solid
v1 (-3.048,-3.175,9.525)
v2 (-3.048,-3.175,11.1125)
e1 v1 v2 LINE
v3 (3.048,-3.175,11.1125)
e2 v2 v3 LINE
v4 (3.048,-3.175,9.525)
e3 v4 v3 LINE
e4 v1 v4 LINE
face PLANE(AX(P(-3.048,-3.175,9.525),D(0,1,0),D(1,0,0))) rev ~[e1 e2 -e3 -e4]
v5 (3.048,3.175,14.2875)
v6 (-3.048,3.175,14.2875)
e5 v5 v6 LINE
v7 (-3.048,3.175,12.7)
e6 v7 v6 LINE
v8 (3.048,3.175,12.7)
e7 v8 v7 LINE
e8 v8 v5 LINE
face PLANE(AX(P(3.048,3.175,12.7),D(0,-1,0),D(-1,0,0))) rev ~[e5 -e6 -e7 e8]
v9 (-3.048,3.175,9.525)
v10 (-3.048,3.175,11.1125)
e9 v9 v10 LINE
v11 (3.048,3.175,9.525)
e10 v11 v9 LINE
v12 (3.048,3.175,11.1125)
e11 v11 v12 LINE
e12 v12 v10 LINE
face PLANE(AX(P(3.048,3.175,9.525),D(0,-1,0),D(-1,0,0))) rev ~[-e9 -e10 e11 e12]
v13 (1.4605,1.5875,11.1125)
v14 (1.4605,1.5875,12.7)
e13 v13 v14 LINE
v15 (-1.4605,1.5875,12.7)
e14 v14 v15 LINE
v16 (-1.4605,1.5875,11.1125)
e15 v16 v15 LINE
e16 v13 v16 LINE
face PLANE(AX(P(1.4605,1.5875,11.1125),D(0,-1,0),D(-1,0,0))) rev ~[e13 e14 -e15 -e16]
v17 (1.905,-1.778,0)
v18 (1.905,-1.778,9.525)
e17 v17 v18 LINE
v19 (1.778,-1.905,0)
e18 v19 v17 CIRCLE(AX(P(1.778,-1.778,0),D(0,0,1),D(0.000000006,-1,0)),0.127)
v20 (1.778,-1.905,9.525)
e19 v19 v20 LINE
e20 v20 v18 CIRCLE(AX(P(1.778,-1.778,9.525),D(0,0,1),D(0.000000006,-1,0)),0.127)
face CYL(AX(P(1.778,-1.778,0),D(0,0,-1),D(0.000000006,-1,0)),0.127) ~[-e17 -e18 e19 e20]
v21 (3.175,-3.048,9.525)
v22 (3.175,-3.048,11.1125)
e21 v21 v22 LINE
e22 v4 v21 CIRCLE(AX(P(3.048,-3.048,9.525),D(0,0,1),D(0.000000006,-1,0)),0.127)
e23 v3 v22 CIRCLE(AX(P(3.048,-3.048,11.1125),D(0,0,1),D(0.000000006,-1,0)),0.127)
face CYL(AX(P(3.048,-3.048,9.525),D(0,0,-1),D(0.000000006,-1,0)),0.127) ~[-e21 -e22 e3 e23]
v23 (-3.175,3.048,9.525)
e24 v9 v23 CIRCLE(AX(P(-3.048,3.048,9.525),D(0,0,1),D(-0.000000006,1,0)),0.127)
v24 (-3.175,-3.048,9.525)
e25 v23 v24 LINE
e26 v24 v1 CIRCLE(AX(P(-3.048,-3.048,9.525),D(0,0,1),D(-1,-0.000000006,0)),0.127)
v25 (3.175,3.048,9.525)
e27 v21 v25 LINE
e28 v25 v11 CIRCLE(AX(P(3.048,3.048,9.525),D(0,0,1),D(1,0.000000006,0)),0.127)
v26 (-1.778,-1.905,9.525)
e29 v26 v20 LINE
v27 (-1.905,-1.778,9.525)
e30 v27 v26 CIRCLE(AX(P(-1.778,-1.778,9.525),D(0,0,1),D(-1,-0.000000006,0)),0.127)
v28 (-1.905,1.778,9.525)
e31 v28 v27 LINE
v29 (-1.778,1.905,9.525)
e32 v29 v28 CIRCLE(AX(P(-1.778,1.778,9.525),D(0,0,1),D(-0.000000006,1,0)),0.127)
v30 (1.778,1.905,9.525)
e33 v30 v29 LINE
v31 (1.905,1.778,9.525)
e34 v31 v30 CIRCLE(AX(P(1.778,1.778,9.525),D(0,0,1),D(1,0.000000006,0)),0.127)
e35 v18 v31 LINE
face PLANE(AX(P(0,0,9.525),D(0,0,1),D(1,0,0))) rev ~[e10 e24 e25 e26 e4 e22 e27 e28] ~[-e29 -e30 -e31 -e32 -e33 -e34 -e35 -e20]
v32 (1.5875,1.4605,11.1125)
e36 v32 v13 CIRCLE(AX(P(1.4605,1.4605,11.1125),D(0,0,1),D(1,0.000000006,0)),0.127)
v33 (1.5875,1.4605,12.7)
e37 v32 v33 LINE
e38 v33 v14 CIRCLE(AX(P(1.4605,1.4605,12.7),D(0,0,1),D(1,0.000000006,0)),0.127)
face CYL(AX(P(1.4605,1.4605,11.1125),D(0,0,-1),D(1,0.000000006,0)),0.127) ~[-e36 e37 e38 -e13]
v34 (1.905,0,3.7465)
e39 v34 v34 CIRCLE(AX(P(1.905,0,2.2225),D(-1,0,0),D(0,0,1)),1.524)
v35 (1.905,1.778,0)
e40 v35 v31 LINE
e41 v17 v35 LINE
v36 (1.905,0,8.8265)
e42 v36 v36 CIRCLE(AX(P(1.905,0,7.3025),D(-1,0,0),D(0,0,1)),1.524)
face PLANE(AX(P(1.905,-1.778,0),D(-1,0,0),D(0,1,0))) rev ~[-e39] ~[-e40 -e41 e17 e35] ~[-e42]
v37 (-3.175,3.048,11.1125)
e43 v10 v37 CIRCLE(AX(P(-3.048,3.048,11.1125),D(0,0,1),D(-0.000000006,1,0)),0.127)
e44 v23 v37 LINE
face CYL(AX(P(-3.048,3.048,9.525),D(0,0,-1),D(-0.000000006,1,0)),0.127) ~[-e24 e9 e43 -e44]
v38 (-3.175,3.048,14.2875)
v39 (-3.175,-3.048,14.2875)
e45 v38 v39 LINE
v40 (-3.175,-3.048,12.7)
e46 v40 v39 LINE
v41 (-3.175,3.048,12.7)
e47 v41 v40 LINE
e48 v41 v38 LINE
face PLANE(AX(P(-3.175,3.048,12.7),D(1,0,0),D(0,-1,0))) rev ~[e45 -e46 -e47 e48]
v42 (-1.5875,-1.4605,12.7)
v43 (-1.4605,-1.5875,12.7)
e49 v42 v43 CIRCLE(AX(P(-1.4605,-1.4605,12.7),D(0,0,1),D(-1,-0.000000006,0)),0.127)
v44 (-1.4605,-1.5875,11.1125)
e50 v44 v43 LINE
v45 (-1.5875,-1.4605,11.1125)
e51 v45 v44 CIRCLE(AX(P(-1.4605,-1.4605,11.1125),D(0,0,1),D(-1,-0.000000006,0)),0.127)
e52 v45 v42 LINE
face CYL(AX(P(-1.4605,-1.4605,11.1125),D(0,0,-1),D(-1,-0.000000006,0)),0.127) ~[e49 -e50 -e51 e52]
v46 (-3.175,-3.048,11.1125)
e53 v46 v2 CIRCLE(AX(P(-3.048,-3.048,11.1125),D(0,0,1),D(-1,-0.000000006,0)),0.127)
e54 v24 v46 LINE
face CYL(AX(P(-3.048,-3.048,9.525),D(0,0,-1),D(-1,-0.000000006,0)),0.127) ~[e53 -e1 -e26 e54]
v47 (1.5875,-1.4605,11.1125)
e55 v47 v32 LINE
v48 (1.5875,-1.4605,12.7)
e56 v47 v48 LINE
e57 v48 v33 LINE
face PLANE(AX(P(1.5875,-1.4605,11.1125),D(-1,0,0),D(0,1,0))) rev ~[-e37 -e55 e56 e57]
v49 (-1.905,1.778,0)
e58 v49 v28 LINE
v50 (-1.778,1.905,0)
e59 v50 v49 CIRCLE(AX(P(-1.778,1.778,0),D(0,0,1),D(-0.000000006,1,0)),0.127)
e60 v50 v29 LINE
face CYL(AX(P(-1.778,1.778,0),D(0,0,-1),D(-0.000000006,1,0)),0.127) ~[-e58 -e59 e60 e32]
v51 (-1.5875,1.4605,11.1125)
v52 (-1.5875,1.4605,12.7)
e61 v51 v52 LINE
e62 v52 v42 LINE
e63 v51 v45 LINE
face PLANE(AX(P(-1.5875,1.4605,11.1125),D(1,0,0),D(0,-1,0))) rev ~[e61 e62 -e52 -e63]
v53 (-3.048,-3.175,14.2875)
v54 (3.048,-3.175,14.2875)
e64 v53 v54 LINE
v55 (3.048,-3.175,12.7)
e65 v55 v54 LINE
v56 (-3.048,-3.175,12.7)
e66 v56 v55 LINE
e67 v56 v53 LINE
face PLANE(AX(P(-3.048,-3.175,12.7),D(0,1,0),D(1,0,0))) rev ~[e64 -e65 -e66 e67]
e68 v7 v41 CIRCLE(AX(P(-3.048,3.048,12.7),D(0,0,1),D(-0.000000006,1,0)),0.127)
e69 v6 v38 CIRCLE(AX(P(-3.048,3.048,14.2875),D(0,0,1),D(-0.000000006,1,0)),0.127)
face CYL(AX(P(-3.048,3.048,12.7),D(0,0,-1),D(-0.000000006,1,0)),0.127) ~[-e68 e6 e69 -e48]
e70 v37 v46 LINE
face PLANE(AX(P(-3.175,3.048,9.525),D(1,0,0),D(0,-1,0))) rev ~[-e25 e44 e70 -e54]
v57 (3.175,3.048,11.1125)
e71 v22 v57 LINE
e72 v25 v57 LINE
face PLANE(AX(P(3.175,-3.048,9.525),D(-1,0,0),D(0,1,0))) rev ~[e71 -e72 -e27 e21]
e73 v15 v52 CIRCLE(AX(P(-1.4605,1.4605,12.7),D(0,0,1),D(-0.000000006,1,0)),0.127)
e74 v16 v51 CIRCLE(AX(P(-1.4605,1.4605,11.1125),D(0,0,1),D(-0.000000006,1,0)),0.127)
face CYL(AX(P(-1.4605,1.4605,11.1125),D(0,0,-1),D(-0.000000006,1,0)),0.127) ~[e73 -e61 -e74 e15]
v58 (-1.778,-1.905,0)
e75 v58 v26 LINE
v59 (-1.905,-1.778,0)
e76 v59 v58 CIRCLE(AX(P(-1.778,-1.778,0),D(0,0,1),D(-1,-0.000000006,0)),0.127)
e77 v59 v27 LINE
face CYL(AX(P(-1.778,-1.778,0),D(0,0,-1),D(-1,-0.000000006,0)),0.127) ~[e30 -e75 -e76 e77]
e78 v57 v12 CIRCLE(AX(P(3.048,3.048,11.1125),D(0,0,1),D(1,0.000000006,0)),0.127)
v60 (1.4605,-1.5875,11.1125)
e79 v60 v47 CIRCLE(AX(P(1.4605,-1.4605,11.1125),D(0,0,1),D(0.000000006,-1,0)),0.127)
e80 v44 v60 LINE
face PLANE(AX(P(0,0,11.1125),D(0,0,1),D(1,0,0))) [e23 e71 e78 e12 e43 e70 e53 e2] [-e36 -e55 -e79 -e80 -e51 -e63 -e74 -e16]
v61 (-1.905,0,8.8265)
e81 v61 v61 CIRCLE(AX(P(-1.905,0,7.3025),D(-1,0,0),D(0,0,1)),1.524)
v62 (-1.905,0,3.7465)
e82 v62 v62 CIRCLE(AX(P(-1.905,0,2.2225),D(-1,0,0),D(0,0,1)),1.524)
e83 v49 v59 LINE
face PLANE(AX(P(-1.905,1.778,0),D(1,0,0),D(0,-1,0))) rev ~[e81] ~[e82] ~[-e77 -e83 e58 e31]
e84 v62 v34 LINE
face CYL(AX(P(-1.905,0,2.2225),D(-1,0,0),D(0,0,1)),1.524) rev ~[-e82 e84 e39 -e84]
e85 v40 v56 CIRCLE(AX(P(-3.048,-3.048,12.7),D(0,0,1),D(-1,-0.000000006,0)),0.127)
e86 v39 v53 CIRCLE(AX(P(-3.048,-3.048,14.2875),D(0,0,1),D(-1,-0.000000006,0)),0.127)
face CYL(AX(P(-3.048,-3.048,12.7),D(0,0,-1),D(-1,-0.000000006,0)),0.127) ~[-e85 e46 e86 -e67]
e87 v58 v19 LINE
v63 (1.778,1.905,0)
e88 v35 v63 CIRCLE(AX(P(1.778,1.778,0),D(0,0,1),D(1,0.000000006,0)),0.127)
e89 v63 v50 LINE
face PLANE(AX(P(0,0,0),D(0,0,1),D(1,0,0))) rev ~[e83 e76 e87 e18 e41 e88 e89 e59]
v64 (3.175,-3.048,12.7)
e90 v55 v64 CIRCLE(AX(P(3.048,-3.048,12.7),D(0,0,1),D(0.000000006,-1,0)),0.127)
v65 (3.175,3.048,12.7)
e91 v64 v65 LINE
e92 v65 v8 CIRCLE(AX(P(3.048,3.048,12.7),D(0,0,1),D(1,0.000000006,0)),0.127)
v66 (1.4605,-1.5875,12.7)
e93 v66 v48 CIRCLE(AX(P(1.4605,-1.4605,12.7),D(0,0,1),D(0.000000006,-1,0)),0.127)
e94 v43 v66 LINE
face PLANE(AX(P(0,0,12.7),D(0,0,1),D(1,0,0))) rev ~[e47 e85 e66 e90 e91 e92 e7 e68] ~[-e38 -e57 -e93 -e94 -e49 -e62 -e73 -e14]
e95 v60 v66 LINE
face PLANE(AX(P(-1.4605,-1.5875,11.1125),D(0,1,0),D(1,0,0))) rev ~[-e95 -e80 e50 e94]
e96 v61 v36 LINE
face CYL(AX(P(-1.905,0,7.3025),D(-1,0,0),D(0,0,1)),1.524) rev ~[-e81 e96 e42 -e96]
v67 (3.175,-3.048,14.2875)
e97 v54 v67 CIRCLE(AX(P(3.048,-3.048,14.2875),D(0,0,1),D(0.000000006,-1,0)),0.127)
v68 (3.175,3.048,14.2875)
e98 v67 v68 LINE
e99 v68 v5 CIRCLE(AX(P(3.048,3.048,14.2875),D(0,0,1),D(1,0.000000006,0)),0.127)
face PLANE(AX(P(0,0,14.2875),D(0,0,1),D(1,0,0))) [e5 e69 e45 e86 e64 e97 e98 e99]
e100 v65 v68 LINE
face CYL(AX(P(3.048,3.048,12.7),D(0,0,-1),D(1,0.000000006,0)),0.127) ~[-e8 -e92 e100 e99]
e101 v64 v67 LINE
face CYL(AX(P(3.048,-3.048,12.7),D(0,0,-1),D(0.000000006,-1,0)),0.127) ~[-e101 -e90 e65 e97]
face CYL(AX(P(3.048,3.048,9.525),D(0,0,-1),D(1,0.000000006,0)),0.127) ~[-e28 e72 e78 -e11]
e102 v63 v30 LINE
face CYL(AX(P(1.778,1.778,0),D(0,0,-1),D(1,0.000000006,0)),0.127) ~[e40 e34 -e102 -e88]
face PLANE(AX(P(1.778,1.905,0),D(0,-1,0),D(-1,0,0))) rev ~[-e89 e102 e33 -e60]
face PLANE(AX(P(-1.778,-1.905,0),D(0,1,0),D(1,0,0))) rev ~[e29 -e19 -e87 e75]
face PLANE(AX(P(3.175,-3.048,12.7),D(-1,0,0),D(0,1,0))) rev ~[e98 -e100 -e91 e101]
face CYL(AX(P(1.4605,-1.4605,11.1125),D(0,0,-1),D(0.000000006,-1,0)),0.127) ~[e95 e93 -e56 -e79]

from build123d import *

# Parameters (mm, degrees)
BOSS_EXTRUDE1_DEPTH = 9.525
BOSS_EXTRUDE2_DEPTH = 1.5875
BOSS_EXTRUDE3_DEPTH = 1.5875
BOSS_EXTRUDE4_DEPTH = 1.5875
SKETCH5_R           = 1.524
CUT_EXTRUDE1_DEPTH  = 6.08


with BuildPart() as part:
    # Sketch1 → Boss-Extrude1 (new body)
    with BuildSketch(Plane.XY):
        with BuildLine():
            Line((-1.778, -1.905), (1.778, -1.905))
            ThreePointArc((1.778, -1.905), (1.867802561, -1.867802561), (1.905, -1.778))
            Line((1.905, -1.778), (1.905, 1.778))
            ThreePointArc((1.905, 1.778), (1.867802561, 1.867802561), (1.778, 1.905))
            Line((1.778, 1.905), (-1.778, 1.905))
            ThreePointArc((-1.778, 1.905), (-1.867802561, 1.867802561), (-1.905, 1.778))
            Line((-1.905, 1.778), (-1.905, -1.778))
            ThreePointArc((-1.905, -1.778), (-1.867802561, -1.867802561), (-1.778, -1.905))
        make_face()
    extrude(amount=BOSS_EXTRUDE1_DEPTH)

    # Sketch2 → Boss-Extrude2 (add)
    with BuildSketch(Plane.XY.offset(9.525)):
        with BuildLine():
            Line((-3.048, -3.175), (3.048, -3.175))
            ThreePointArc((3.048, -3.175), (3.137802561, -3.137802561), (3.175, -3.048))
            Line((3.175, -3.048), (3.175, 3.048))
            ThreePointArc((3.175, 3.048), (3.137802561, 3.137802561), (3.048, 3.175))
            Line((3.048, 3.175), (-3.048, 3.175))
            ThreePointArc((-3.048, 3.175), (-3.137802561, 3.137802561), (-3.175, 3.048))
            Line((-3.175, 3.048), (-3.175, -3.048))
            ThreePointArc((-3.175, -3.048), (-3.137802561, -3.137802561), (-3.048, -3.175))
        make_face()
    extrude(amount=BOSS_EXTRUDE2_DEPTH)

    # Sketch3 → Boss-Extrude3 (add)
    with BuildSketch(Plane.XY.offset(11.1125)):
        with BuildLine():
            Line((-1.4605, -1.5875), (1.4605, -1.5875))
            ThreePointArc((1.4605, -1.5875), (1.550302561, -1.550302561), (1.5875, -1.4605))
            Line((1.5875, -1.4605), (1.5875, 1.4605))
            ThreePointArc((1.5875, 1.4605), (1.550302561, 1.550302561), (1.4605, 1.5875))
            Line((1.4605, 1.5875), (-1.4605, 1.5875))
            ThreePointArc((-1.4605, 1.5875), (-1.550302561, 1.550302561), (-1.5875, 1.4605))
            Line((-1.5875, 1.4605), (-1.5875, -1.4605))
            ThreePointArc((-1.5875, -1.4605), (-1.550302561, -1.550302561), (-1.4605, -1.5875))
        make_face()
    extrude(amount=BOSS_EXTRUDE3_DEPTH)

    # Sketch4 → Boss-Extrude4 (add)
    with BuildSketch(Plane.XY.offset(12.7)):
        with BuildLine():
            Line((-3.048, -3.175), (3.048, -3.175))
            ThreePointArc((3.048, -3.175), (3.137802561, -3.137802561), (3.175, -3.048))
            Line((3.175, -3.048), (3.175, 3.048))
            ThreePointArc((3.175, 3.048), (3.137802561, 3.137802561), (3.048, 3.175))
            Line((3.048, 3.175), (-3.048, 3.175))
            ThreePointArc((-3.048, 3.175), (-3.137802561, 3.137802561), (-3.175, 3.048))
            Line((-3.175, 3.048), (-3.175, -3.048))
            ThreePointArc((-3.175, -3.048), (-3.137802561, -3.137802561), (-3.048, -3.175))
        make_face()
    extrude(amount=BOSS_EXTRUDE4_DEPTH)

    # Sketch5 → Cut-Extrude1 (cut, through all)
    with BuildSketch(Plane.ZY.offset(1.905)):
        with Locations((2.2225, 0)):
            Circle(SKETCH5_R)
        with Locations((7.3025, 0)):
            Circle(SKETCH5_R)
    extrude(amount=-CUT_EXTRUDE1_DEPTH, mode=Mode.SUBTRACT)


solid = part.part
